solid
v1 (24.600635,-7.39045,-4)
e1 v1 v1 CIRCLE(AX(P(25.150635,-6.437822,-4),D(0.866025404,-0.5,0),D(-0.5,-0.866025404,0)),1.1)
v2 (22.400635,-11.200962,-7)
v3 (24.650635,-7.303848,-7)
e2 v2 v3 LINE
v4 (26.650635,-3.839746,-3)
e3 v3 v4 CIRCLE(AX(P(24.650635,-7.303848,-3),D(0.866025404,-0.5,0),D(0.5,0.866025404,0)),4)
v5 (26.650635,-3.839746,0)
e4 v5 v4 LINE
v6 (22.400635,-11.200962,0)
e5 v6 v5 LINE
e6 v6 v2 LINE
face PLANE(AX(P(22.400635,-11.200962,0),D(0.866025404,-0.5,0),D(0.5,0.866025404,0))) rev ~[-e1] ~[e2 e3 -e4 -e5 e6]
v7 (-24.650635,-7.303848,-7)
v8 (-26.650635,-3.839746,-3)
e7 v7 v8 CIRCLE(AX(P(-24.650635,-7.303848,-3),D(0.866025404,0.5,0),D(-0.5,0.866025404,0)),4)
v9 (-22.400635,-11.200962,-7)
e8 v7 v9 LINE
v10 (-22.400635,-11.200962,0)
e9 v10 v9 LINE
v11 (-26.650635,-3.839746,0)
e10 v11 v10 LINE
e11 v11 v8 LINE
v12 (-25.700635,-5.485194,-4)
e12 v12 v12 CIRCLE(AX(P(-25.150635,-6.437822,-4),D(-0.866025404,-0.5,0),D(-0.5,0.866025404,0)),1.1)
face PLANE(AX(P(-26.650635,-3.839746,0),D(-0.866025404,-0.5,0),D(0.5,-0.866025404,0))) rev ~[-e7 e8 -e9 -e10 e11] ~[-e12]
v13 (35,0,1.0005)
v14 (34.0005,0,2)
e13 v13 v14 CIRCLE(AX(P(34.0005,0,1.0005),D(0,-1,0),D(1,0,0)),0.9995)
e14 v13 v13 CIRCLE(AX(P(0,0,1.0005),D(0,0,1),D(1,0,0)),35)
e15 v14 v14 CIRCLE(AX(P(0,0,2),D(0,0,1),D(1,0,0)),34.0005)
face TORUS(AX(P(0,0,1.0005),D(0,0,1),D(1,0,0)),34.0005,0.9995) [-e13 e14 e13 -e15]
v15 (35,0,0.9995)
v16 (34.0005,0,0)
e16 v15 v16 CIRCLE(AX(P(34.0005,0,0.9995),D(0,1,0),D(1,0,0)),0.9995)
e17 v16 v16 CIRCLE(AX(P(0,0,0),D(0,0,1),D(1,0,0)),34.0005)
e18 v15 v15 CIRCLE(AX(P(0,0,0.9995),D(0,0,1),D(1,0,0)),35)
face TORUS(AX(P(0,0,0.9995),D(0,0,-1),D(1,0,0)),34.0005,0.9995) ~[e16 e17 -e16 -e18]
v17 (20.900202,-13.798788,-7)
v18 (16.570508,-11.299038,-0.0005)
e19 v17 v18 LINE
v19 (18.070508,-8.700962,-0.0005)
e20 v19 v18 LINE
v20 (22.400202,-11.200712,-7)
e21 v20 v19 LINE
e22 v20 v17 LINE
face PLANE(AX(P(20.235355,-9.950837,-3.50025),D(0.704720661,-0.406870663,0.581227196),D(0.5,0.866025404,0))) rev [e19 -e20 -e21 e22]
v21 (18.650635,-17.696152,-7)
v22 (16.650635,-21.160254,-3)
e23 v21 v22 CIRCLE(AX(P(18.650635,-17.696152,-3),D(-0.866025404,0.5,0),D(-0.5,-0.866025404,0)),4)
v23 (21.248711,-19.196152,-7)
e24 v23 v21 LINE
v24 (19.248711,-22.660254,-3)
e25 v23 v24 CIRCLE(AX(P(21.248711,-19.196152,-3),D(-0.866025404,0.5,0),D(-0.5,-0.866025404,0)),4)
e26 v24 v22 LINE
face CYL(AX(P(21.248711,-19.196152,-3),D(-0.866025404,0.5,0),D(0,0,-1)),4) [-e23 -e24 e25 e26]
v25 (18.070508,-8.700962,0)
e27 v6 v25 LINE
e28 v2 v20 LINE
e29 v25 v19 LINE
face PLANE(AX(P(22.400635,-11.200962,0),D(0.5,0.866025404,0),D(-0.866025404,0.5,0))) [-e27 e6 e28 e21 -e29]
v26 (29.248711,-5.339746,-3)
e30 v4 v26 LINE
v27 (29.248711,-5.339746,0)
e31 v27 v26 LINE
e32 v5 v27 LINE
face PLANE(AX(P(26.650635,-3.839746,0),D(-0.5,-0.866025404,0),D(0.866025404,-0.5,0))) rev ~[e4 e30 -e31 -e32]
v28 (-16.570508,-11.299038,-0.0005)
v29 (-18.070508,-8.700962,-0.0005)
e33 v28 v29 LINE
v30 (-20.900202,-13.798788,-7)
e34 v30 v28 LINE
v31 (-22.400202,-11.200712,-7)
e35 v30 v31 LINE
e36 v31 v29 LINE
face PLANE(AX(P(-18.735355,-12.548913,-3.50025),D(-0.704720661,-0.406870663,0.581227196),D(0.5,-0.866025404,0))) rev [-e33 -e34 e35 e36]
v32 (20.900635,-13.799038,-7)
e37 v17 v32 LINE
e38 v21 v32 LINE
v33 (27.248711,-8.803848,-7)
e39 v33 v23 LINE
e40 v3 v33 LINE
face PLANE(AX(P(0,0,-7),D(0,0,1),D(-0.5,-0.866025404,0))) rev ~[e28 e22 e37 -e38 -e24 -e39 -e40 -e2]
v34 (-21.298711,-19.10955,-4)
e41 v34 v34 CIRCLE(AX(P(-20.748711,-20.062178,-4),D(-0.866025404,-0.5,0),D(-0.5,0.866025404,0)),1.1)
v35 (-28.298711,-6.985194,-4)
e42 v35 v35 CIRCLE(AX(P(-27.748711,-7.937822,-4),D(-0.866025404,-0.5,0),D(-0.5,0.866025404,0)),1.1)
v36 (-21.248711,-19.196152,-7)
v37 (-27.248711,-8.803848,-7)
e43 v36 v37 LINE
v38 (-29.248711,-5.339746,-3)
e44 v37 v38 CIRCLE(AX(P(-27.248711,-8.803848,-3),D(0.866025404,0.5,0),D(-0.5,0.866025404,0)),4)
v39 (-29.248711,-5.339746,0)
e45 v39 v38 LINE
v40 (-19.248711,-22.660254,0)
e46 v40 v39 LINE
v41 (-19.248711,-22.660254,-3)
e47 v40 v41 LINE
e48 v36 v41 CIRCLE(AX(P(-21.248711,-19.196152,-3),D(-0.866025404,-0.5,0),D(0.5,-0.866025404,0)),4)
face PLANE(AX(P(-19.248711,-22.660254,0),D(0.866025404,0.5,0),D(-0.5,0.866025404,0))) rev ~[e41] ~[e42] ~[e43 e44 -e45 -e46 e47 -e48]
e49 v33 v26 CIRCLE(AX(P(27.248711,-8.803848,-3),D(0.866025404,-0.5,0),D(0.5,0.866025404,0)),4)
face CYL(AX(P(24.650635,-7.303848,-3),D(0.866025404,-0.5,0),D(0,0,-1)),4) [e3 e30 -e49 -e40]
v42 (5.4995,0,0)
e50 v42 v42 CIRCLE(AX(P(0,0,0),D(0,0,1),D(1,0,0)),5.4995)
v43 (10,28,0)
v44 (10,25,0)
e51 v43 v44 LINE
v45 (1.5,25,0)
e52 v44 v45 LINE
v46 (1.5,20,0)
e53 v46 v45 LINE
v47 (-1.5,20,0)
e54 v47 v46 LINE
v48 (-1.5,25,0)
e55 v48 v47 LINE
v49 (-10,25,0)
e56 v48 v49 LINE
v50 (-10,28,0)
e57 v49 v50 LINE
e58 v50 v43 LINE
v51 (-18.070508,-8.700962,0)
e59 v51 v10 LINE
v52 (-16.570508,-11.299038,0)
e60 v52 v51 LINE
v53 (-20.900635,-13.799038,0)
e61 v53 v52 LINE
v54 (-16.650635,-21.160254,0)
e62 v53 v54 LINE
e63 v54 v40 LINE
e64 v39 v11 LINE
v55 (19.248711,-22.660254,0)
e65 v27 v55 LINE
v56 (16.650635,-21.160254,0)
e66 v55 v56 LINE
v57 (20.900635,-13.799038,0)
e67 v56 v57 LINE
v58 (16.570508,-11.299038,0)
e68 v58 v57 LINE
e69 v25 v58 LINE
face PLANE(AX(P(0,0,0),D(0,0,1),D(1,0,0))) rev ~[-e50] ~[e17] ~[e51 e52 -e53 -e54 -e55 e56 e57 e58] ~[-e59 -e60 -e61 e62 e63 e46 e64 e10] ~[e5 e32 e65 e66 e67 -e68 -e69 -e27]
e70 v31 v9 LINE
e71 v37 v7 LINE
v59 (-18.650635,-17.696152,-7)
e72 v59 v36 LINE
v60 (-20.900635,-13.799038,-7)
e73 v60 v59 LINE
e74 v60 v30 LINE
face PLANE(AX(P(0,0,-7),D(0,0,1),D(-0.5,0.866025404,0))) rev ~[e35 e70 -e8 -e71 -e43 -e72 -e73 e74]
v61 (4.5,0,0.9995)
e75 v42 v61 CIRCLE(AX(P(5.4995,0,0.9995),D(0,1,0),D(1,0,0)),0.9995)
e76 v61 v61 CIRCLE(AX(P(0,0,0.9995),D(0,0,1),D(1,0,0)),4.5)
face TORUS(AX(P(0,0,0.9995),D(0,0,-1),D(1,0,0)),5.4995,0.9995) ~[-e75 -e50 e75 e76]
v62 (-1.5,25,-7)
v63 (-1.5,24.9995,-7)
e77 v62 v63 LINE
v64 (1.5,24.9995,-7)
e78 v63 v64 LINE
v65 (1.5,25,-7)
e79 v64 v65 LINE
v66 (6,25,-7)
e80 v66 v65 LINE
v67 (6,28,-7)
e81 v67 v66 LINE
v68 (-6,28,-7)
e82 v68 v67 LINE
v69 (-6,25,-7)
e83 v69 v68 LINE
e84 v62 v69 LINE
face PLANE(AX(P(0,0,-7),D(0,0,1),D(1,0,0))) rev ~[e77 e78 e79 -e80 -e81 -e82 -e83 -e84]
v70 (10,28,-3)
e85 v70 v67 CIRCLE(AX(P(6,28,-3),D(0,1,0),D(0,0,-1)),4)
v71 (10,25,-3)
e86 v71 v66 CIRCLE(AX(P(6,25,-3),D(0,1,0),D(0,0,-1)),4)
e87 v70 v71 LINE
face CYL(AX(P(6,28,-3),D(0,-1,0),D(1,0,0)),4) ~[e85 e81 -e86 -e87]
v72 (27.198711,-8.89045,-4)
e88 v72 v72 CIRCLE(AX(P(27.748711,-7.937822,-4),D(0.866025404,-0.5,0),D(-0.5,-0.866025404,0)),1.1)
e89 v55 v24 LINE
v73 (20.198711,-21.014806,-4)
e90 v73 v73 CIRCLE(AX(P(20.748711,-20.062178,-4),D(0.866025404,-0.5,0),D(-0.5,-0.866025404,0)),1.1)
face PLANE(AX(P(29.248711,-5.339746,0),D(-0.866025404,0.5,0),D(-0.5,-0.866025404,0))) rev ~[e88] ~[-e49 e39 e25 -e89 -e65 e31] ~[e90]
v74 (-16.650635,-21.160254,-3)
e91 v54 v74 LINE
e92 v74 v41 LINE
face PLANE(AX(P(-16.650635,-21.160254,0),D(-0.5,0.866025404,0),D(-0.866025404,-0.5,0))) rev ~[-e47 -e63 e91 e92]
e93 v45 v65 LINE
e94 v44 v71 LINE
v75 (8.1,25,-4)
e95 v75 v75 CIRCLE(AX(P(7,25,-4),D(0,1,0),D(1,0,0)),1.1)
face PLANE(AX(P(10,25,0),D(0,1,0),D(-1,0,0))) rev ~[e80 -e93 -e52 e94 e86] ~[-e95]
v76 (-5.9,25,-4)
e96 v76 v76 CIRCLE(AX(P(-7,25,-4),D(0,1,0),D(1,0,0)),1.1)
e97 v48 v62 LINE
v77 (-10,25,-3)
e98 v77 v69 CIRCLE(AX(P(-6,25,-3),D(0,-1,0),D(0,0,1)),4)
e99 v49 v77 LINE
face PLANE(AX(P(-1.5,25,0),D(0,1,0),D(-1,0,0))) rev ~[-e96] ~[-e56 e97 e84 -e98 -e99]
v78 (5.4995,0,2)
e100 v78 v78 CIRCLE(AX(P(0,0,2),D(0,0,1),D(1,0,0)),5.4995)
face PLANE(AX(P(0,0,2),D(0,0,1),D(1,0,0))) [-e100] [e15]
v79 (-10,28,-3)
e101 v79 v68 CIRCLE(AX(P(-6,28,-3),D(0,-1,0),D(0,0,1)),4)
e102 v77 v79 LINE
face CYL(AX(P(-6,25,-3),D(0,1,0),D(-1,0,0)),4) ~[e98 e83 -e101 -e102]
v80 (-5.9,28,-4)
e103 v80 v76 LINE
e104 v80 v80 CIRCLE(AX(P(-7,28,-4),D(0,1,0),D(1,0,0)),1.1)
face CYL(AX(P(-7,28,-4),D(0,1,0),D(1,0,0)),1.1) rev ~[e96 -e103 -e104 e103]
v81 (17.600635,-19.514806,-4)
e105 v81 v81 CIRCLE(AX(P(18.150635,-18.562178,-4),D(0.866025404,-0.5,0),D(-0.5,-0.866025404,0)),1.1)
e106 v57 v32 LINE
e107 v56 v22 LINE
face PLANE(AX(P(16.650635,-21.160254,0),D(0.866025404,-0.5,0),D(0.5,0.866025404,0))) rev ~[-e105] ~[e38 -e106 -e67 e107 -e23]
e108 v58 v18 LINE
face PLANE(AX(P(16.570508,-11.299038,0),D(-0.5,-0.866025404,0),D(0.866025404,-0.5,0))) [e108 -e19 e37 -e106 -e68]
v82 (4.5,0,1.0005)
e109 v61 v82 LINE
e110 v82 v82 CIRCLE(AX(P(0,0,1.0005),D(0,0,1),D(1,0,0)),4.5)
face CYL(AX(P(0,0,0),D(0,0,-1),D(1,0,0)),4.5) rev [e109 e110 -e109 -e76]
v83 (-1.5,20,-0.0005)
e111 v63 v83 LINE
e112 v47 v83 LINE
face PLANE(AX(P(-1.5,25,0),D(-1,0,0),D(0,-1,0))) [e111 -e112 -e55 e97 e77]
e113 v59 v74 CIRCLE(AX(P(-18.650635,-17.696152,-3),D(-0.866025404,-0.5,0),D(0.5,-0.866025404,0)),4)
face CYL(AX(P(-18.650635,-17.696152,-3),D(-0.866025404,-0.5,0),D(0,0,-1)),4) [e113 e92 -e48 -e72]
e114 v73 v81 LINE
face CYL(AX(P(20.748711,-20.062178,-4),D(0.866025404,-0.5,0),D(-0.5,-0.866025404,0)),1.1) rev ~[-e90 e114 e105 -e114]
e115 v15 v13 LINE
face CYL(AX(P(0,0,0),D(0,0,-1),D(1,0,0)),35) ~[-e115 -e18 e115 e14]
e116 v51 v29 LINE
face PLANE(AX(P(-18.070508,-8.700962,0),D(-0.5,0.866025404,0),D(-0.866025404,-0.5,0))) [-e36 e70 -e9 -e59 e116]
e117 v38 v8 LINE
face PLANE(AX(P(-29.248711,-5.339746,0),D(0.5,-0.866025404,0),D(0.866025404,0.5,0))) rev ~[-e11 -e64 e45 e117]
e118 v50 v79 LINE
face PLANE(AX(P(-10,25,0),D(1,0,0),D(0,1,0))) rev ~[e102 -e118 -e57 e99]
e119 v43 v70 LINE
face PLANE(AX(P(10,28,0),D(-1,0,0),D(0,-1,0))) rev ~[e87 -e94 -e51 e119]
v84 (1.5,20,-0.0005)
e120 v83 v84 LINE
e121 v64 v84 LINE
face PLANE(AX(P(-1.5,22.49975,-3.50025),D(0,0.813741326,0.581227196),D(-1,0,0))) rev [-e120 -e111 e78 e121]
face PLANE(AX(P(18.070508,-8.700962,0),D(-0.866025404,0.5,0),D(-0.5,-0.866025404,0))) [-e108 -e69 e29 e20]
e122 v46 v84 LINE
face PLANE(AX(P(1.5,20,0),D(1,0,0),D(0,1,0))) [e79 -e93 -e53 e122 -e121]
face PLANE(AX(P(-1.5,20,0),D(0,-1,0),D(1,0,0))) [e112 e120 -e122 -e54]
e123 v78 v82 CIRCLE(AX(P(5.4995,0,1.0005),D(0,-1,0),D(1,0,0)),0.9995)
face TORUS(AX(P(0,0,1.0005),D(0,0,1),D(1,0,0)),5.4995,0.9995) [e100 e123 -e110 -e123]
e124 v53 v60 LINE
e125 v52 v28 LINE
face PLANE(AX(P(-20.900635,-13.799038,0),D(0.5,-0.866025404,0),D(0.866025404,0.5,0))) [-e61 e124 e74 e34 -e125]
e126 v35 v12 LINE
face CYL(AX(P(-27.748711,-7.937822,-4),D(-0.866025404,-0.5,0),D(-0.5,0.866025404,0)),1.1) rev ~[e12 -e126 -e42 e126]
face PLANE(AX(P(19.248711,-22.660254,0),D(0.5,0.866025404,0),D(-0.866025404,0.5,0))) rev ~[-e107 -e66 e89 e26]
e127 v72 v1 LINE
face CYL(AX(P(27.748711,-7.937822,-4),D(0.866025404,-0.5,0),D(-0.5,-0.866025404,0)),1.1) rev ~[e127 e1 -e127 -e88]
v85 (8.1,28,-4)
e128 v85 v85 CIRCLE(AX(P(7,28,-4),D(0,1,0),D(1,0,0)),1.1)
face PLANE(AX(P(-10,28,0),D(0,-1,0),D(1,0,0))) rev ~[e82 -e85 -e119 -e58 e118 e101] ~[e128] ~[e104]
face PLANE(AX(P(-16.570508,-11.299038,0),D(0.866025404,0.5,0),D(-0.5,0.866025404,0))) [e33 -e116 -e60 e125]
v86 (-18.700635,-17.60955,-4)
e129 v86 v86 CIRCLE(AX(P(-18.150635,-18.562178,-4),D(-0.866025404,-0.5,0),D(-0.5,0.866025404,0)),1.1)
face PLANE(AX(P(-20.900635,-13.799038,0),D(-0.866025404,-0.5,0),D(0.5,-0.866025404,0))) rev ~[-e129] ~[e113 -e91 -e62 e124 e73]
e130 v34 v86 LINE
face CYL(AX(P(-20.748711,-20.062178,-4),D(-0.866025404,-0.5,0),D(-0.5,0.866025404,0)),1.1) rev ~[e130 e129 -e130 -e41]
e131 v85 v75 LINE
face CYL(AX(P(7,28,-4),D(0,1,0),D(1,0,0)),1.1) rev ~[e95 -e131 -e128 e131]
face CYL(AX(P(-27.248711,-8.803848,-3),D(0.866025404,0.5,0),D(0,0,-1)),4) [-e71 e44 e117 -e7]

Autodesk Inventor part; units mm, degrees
ref_plane "YZ Plane" through (0, 0, 0) normal (1, 0, 0) x (0, 1, 0)
ref_plane "XZ Plane" through (0, 0, 0) normal (0, 1, 0) x (-1, 0, 0)
ref_plane "XY Plane" through (0, 0, 0) normal (0, 0, 1) x (1, 0, 0)
sketch "Skizze1" plane through (0, 0, 0) normal (0, 0, 1) x (1, 0, 0)
  line L0 (-49, 0) -> (49, 0) construction
  circle A0 centre (0, 0) radius 35
  line L1 (-10, 28) -> (10, 28)
  line L2 (10, 28) -> (10, 25)
  line L3 (10, 25) -> (-10, 25)
  line L4 (-10, 25) -> (-10, 28)
  line L5 (1.5, 25) -> (-1.5, 25)
  line L6 (-1.5, 25) -> (-1.5, 20)
  line L7 (-1.5, 20) -> (1.5, 20)
  line L8 (1.5, 20) -> (1.5, 25)
  circle A1 centre (0, 0) radius 4.5
  line L9 (0, 49) -> (0, -49) construction
  dimension "d9" = 70
  dimension "d10" = 3
  dimension "d11" = 25
  dimension "d14" = 20
  dimension "d23" = 5
  dimension "d62" = 9
extrude "Extrusion3" add sketch "Skizze1" against normal blind 7 contours L1 L2 L3 L4 | L3 L8 L7 L6
fillet "Rundung1" radius 4 2 edges at (-10, 26.5, -7) (10, 26.5, -7)
sketch "Skizze2" plane through (-10, 28, 0) normal (0, 1, 0) x (1, 0, 0)
  circle A0 centre (3, 4) radius 1.1
  circle A1 centre (17, 4) radius 1.1
  line L0 (10, 0) -> (10, 7) construction
  line L1 (43, 0) -> (-27, 0) construction
  line L2 (-1.6221, 4) -> (19.0112, 4) construction
  line L3 (4, 7) -> (16, 7) construction
  line L4 (0, 0) -> (0, 3) projected
  dimension "d16" = 2.2
  dimension "d20" = 3
  dimension "d21" = 3
extrude "Extrusion4" cut sketch "Skizze2" against normal up to next
chamfer "Fase1" distance 5 distance2 7 1 edges at (0, 20, -7) measured on face at (0.5, 27, -7)
pattern_circular "Runde Anordnung1" count 3 over 360 about axis through (0, 0, -10) along (0, 0, 1) of "Extrusion3", "Extrusion4", "Fase1", "Rundung1"
extrude "Extrusion11" add sketch "Skizze1" along normal blind 2 contours A0 | L1 L2 L3 L4 | L3 L8 L7 L6
fillet "Rundung5" radius 1 4 edges at (-35, 0, 2) (-4.5, 0, 2) (-4.5, 0, 0) (-35, 0, 0)
equation "\"d21\" = d20"
properties part number "Stewart-Sym-Base"
